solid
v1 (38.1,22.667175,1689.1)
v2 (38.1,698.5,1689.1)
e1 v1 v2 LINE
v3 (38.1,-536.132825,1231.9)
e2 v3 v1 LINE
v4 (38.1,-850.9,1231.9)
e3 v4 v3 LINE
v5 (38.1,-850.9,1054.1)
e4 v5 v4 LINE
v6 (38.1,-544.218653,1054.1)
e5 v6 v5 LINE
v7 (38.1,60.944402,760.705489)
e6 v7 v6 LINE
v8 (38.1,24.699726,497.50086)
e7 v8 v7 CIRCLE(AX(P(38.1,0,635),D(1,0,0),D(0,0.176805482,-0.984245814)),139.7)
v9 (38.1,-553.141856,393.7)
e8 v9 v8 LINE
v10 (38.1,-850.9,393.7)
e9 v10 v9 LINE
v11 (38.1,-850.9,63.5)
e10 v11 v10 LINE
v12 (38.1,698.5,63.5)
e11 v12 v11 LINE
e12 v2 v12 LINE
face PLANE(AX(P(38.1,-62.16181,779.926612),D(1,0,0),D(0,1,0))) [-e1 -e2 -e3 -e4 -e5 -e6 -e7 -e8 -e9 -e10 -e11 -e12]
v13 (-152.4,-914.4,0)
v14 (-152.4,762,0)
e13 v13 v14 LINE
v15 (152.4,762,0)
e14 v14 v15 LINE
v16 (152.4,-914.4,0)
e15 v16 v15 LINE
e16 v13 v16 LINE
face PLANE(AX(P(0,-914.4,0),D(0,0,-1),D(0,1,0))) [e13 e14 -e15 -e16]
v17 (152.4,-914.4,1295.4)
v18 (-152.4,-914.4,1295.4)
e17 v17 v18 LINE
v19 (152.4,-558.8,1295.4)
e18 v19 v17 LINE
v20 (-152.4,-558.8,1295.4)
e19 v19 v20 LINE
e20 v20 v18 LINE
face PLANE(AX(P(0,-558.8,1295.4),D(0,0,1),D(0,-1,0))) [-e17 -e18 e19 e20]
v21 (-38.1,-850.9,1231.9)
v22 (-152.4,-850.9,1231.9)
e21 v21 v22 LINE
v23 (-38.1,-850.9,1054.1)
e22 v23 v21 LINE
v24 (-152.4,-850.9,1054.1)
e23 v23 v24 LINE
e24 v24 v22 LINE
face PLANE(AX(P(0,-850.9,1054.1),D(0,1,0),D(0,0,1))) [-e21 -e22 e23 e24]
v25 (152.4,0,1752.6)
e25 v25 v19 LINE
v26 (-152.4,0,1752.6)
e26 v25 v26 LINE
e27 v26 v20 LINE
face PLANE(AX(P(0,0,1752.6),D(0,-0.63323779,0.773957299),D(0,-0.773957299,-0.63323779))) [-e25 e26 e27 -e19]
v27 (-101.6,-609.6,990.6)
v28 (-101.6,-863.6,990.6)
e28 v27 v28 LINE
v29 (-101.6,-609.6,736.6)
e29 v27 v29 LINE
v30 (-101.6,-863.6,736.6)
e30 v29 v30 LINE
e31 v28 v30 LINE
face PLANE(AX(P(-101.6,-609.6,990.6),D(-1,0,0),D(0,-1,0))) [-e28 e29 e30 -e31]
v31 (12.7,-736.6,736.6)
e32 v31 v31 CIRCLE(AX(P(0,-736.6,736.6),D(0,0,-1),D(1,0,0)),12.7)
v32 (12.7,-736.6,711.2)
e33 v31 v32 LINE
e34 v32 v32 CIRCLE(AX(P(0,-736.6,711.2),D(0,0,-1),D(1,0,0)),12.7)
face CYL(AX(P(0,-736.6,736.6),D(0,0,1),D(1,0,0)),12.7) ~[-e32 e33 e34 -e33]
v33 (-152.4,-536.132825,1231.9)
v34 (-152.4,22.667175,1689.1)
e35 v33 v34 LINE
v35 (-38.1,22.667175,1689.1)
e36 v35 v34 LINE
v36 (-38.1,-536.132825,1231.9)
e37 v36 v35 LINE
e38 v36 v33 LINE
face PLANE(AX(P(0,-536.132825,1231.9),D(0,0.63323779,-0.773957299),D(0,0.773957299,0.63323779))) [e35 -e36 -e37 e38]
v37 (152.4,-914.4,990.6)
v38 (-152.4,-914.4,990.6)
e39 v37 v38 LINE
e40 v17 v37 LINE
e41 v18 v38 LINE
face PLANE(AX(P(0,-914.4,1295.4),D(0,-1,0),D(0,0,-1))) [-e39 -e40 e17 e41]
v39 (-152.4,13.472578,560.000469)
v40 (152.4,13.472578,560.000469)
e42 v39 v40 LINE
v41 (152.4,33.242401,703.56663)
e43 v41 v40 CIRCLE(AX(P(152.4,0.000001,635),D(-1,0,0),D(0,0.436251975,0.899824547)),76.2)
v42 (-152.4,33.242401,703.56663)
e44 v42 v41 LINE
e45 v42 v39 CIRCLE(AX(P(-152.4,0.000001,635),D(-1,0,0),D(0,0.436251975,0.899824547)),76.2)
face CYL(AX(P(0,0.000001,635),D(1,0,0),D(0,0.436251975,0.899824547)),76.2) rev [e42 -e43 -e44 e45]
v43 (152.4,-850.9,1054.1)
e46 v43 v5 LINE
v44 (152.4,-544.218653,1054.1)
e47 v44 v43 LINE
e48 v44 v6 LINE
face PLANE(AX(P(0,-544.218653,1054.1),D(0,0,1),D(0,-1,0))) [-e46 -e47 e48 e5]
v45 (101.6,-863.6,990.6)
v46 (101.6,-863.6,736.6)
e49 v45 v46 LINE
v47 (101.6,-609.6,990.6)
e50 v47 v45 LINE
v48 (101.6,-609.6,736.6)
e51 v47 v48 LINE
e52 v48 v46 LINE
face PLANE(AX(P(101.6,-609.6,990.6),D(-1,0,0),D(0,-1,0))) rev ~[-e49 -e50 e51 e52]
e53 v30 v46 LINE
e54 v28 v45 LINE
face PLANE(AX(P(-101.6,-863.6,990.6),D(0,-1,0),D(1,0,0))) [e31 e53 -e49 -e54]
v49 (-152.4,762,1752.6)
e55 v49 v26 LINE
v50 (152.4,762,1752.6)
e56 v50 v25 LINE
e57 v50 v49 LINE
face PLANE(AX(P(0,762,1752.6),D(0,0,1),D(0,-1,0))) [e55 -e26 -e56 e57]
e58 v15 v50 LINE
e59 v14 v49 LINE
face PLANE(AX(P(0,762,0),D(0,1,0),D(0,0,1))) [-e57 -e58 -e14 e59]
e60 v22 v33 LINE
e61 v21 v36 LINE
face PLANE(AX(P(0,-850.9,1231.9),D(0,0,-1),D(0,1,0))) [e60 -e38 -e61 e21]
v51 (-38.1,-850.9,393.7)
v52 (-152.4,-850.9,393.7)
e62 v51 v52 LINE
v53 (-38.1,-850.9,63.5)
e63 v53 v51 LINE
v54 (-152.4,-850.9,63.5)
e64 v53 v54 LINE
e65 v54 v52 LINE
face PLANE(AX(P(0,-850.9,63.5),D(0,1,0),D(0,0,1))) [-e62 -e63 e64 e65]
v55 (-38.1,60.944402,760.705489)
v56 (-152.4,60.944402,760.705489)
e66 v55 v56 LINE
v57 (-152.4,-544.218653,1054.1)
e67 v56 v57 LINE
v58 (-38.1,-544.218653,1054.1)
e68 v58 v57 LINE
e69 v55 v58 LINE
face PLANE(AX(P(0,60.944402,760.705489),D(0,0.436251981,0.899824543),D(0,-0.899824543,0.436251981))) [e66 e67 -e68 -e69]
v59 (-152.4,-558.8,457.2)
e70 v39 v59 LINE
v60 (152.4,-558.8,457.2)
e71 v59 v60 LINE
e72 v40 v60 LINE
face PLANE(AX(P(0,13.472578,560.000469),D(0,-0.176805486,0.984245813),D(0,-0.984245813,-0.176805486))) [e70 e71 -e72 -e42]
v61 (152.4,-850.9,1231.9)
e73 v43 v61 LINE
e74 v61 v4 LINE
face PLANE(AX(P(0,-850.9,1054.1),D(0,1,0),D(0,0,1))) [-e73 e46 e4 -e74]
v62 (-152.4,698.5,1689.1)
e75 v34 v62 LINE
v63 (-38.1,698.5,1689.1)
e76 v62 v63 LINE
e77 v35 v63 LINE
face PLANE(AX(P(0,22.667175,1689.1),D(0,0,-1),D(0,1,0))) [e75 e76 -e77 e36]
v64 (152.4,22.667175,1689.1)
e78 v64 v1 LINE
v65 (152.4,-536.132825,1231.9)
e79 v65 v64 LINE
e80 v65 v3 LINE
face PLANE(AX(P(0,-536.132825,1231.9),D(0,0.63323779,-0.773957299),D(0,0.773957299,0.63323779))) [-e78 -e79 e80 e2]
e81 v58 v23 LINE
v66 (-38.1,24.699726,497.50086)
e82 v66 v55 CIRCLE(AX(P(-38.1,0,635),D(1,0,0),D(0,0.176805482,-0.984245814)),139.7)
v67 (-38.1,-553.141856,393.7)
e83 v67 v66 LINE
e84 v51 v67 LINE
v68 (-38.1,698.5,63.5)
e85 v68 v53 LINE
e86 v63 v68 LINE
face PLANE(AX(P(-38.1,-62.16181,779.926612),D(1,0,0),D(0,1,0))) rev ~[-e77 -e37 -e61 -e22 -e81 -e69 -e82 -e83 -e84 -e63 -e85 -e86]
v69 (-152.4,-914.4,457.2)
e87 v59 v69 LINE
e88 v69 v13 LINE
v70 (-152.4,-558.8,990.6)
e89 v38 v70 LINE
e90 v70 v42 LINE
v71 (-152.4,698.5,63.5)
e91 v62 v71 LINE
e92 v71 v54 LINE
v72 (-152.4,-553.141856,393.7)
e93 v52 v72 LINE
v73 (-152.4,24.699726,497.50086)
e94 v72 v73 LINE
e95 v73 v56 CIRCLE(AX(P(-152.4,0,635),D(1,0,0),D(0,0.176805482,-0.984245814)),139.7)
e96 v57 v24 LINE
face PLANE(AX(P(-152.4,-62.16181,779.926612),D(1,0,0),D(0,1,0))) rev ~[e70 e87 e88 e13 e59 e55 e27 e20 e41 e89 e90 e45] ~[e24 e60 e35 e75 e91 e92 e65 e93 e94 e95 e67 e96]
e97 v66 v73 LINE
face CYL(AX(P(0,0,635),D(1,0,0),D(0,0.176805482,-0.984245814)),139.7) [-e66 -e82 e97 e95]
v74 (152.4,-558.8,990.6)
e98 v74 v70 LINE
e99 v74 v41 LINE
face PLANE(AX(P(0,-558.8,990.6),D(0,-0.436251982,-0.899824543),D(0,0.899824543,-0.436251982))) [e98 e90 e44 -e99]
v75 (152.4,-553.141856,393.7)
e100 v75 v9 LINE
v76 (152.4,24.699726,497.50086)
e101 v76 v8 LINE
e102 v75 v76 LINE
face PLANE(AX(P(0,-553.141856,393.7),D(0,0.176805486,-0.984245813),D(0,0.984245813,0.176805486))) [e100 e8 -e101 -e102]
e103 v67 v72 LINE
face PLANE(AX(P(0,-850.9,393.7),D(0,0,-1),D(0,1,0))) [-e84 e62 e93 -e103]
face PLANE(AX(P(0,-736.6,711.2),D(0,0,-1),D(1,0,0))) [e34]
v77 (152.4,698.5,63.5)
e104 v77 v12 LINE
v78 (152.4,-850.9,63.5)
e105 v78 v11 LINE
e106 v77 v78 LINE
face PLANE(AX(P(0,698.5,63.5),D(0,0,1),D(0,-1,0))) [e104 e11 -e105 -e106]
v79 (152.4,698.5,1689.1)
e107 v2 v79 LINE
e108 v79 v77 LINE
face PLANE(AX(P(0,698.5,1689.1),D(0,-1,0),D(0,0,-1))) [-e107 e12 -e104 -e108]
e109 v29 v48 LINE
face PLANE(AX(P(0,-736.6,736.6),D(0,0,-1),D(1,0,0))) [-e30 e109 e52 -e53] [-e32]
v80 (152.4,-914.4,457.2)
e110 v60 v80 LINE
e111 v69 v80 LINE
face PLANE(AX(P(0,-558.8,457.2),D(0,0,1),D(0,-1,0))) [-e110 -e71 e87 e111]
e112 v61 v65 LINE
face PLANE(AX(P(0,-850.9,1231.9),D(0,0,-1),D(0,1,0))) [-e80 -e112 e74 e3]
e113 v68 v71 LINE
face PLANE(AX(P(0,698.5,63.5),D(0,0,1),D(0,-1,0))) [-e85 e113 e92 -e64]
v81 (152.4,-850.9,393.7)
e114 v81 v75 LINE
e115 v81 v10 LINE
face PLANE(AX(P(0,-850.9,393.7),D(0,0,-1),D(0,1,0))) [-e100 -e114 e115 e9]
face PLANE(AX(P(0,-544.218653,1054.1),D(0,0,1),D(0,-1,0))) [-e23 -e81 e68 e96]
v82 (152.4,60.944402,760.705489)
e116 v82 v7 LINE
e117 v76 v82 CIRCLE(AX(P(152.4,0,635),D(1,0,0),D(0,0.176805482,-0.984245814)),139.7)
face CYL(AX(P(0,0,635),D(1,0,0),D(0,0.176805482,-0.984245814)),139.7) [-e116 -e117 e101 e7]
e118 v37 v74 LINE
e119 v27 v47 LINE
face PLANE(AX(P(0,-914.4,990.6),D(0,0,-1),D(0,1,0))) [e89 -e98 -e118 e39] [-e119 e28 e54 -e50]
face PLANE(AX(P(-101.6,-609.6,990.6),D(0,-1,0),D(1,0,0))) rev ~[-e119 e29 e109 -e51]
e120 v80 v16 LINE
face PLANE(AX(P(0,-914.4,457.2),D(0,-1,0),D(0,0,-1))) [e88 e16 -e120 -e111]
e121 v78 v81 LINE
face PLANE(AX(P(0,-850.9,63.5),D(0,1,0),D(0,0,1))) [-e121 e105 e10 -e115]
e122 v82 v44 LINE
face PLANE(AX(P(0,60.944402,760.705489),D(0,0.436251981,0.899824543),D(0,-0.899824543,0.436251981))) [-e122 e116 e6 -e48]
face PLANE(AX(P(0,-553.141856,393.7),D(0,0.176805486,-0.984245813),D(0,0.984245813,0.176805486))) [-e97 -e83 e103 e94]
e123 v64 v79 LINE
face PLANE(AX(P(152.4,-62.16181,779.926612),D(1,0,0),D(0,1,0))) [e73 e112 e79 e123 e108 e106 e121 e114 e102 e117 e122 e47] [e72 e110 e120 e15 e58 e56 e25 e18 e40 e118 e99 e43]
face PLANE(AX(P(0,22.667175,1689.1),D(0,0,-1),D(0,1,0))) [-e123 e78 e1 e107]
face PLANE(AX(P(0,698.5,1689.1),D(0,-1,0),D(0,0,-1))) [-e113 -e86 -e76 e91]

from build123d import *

# Parameters (mm, degrees)
F1_DEPTH = 38.1
F3_DEPTH = 152.4
F5_W     = 203.2
F5_H     = 254
F6_DEPTH = 254
F7_R     = 12.7
F8_DEPTH = 25.4


with BuildPart() as f1:
    # F0 (on Right) → F1 (new body, symmetric)
    with BuildSketch(Plane.YZ):
        with BuildLine():
            ThreePointArc((33.242401, 703.56663), (75.487635, 624.604952), (13.472578, 560.000469))
            Line((13.472578, 560.000469), (-558.8, 457.2))
            Line((-558.8, 457.2), (-914.4, 457.2))
            Line((-914.4, 457.2), (-914.4, 0))
            Line((-914.4, 0), (762, 0))
            Line((762, 0), (762, 1752.6))
            Line((762, 1752.6), (0, 1752.6))
            Line((0, 1752.6), (-558.8, 1295.4))
            Line((-558.8, 1295.4), (-914.4, 1295.4))
            Line((-914.4, 1295.4), (-914.4, 990.6))
            Line((-914.4, 990.6), (-558.8, 990.6))
            Line((-558.8, 990.6), (33.242401, 703.56663))
        make_face()
    extrude(amount=F1_DEPTH, both=True)


with BuildPart() as f3:
    # F2 (on Right) → F3 (new body, symmetric)
    with BuildSketch(Plane.YZ):
        with BuildLine():
            Line((-558.8, 990.6), (33.242401, 703.56663))
            ThreePointArc((33.242401, 703.56663), (75.487635, 624.604952), (13.472578, 560.000469))
            Line((13.472578, 560.000469), (-558.8, 457.2))
            Line((-558.8, 457.2), (-914.4, 457.2))
            Line((-914.4, 457.2), (-914.4, 0))
            Line((-914.4, 0), (762, 0))
            Line((762, 0), (762, 1752.6))
            Line((762, 1752.6), (0, 1752.6))
            Line((0, 1752.6), (-558.8, 1295.4))
            Line((-558.8, 1295.4), (-914.4, 1295.4))
            Line((-914.4, 1295.4), (-914.4, 990.6))
            Line((-914.4, 990.6), (-558.8, 990.6))
        make_face()
        with BuildLine():
            Line((698.5, 1689.1), (698.5, 63.5))
            Line((698.5, 63.5), (-850.9, 63.5))
            Line((-850.9, 63.5), (-850.9, 393.7))
            Line((-850.9, 393.7), (-553.141856, 393.7))
            Line((-553.141856, 393.7), (24.699726, 497.50086))
            ThreePointArc((24.699726, 497.50086), (138.393997, 615.942412), (60.944402, 760.705489))
            Line((60.944402, 760.705489), (-544.218653, 1054.1))
            Line((-544.218653, 1054.1), (-850.9, 1054.1))
            Line((-850.9, 1054.1), (-850.9, 1231.9))
            Line((-850.9, 1231.9), (-536.132825, 1231.9))
            Line((-536.132825, 1231.9), (22.667175, 1689.1))
            Line((22.667175, 1689.1), (698.5, 1689.1))
        make_face(mode=Mode.SUBTRACT)
    extrude(amount=F3_DEPTH, both=True)


with BuildPart() as f1_1:
    add(f1.part)

    # F4: union F3
    add(f3.part)

    # F5 (on face) → F6 (join)
    with BuildSketch(Plane(origin=(0, 0, 990.6), x_dir=(1, 0, 0), z_dir=(0, 0, -1))):
        with Locations((0, 736.6)):
            Rectangle(F5_W, F5_H)
    extrude(amount=F6_DEPTH)

    # F7 (on face) → F8 (join)
    with BuildSketch(Plane(origin=(0, 0, 736.6), x_dir=(1, 0, 0), z_dir=(0, 0, -1))):
        with Locations((0, 736.6)):
            Circle(F7_R)
    extrude(amount=F8_DEPTH)


solid = f1_1.part
